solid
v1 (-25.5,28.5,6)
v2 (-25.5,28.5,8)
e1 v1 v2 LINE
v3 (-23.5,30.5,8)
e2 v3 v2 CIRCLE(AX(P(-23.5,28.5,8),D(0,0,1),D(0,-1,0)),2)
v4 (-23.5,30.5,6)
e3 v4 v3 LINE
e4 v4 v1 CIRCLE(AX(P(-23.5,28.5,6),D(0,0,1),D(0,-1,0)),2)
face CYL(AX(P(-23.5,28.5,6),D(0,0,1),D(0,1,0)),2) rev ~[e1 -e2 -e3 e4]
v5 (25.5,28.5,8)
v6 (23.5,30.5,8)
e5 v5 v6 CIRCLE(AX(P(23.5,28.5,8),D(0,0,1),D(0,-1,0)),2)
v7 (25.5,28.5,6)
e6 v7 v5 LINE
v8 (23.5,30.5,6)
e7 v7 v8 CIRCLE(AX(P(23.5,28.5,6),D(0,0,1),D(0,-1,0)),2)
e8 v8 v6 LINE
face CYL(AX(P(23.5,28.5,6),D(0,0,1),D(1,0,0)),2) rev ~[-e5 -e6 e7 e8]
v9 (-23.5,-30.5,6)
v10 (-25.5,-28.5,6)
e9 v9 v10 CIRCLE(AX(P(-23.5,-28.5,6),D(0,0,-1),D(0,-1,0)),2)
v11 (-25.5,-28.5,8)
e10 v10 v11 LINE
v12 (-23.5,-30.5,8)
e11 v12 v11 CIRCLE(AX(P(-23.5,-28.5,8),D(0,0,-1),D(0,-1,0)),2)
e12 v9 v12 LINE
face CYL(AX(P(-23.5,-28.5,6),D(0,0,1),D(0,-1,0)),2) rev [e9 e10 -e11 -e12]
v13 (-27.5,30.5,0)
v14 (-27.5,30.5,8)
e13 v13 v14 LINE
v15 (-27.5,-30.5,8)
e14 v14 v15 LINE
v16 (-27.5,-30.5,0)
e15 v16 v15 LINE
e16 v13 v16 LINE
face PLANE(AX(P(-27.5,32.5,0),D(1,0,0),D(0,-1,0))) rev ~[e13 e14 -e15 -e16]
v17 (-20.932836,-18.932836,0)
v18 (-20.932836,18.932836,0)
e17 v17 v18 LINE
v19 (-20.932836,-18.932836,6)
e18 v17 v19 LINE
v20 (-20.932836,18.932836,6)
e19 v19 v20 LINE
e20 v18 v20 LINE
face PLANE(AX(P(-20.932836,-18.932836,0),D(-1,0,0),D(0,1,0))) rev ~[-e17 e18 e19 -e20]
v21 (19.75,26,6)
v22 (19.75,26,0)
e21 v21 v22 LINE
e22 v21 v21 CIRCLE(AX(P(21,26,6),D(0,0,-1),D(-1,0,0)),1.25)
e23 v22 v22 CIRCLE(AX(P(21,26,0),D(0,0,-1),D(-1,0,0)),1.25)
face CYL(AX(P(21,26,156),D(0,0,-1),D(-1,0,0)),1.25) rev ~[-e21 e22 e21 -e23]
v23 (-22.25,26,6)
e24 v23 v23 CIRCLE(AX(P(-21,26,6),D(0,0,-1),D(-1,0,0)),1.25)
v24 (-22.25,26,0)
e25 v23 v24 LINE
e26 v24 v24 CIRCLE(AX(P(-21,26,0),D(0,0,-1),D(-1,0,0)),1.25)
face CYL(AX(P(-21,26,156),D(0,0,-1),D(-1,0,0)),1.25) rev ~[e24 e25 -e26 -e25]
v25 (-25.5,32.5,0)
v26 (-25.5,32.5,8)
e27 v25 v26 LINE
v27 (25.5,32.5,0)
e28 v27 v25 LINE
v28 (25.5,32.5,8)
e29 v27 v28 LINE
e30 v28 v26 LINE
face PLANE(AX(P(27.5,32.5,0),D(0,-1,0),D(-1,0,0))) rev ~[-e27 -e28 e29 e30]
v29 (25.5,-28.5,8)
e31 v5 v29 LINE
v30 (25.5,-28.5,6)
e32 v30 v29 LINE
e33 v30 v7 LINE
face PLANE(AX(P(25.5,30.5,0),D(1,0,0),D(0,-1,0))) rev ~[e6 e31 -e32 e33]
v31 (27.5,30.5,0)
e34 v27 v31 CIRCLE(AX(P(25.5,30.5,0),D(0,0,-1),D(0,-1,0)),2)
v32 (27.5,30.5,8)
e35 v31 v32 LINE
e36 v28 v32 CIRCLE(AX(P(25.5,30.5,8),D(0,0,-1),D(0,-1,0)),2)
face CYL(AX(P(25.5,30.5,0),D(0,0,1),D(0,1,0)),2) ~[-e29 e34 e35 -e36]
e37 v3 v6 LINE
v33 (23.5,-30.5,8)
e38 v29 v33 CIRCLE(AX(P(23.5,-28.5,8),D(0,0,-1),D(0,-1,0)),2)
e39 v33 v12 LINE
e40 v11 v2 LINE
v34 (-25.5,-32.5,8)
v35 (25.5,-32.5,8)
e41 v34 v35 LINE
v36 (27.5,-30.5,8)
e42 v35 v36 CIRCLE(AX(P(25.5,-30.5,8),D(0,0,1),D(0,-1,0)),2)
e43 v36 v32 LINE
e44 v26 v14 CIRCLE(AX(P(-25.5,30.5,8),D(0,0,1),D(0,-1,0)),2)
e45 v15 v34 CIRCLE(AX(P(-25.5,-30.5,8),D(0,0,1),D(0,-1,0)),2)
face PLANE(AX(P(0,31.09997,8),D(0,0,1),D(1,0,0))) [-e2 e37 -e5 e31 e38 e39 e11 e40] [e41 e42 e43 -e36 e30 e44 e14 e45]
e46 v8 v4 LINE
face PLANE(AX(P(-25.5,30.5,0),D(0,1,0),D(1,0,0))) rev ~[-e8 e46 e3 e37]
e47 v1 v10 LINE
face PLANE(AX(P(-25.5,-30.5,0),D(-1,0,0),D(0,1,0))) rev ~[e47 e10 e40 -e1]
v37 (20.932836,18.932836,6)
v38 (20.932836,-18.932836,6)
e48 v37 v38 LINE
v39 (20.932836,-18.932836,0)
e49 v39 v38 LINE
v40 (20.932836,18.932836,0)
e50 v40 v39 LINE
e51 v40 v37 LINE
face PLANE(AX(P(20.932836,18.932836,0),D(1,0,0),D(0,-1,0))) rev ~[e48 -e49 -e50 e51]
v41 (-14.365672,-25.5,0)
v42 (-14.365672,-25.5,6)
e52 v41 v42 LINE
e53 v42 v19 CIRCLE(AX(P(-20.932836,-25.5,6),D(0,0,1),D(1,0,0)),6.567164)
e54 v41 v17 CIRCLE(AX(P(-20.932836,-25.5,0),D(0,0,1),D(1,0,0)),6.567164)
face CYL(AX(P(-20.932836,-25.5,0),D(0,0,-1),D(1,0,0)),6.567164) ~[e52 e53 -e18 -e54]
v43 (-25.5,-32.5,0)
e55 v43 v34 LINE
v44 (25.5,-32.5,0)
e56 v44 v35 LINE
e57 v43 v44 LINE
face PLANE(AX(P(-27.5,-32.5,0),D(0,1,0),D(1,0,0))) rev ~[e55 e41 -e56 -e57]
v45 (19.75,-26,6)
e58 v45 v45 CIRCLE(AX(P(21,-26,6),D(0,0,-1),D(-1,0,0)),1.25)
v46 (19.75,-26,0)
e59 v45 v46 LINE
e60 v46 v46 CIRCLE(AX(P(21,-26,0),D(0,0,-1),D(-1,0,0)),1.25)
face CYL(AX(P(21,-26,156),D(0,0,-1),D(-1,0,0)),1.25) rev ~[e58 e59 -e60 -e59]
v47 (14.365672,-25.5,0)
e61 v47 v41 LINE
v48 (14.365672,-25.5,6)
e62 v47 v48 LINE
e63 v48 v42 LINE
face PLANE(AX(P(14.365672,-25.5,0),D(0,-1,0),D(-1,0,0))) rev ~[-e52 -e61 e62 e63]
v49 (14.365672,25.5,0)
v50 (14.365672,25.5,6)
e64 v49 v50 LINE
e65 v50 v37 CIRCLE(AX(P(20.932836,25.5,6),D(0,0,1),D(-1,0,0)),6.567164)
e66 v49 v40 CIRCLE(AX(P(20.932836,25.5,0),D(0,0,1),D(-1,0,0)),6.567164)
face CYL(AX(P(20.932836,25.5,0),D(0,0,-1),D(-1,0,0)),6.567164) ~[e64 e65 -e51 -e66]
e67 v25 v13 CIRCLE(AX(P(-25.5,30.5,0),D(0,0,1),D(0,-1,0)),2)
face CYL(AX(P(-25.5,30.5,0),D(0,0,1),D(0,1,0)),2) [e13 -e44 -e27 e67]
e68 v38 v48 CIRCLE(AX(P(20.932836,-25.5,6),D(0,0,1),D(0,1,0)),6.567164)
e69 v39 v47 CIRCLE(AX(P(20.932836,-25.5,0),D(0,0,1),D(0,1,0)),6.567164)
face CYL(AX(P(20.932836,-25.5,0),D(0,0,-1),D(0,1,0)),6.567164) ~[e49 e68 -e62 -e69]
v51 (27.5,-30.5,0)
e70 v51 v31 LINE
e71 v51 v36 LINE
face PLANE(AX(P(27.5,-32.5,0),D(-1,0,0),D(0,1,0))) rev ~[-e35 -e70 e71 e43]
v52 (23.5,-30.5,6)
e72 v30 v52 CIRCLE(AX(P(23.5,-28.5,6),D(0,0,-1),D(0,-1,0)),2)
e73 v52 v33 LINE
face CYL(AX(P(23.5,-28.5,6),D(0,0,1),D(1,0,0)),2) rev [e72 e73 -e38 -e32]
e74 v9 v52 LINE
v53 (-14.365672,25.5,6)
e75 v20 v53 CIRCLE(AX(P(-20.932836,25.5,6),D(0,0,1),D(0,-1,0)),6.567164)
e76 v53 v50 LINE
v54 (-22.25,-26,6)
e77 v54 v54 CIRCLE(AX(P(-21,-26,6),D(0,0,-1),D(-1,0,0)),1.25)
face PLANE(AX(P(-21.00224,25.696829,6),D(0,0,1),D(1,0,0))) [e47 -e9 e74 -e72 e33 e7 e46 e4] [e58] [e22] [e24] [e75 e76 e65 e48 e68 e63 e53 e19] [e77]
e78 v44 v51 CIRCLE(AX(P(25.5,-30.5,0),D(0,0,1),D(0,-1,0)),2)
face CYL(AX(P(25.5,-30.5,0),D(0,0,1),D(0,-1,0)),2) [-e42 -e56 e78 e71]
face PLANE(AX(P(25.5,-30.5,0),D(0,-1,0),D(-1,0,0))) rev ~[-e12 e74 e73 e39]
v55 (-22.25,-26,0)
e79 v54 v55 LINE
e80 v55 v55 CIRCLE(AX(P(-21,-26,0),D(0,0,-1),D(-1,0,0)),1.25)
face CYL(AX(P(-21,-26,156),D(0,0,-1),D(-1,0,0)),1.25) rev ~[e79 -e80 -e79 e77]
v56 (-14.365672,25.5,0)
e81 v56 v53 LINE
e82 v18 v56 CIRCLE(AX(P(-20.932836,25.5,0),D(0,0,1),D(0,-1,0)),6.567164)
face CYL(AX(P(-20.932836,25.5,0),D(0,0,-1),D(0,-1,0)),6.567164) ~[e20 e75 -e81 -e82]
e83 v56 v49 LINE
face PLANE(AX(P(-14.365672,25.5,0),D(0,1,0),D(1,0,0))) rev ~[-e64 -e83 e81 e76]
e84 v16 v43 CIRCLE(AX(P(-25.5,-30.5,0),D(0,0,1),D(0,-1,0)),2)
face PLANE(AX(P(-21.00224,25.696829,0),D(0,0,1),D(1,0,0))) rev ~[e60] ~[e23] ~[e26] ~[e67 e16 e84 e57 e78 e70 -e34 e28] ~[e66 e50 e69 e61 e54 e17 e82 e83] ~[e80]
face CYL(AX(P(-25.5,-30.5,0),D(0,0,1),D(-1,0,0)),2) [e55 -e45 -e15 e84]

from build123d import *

# Parameters (mm, degrees)
F1_DEPTH = 6
F2_DEPTH = 8
F4_D     = 2.5
F4_DEPTH = 150
F4_TIP   = 0.7510757738
F5_R     = 2


with BuildPart() as f1:
    # F0 (on Top) → F1 (new body)
    with BuildSketch(Plane.XY):
        with BuildLine():
            Line((-20.9328360941, 18.9328360941), (-20.9328360941, 25.5))
            Line((-20.9328360941, 25.5), (-14.3656721882, 25.5))
            ThreePointArc((-14.3656721882, 25.5), (-14.9709415927, 28.2538074954), (-16.6751792541, 30.5))
            Line((-16.6751792541, 30.5), (-25.1904929341, 30.5))
            ThreePointArc((-25.1904929341, 30.5), (-25.3474833162, 30.3619473127), (-25.5, 30.2189676438))
            Line((-25.5, 30.2189676438), (-25.5, 20.7810323562))
            ThreePointArc((-25.5, 20.7810323562), (-23.3963100419, 19.4123947339), (-20.9328360941, 18.9328360941))
        make_face()
        with BuildLine():
            Line((-14.3656721882, 25.5), (-20.9328360941, 25.5))
            Line((-20.9328360941, 25.5), (-20.9328360941, 18.9328360941))
            ThreePointArc((-20.9328360941, 18.9328360941), (-16.289149963, 20.856313869), (-14.3656721882, 25.5))
        make_face()
        with BuildLine():
            ThreePointArc((-16.6751792541, 30.5), (-14.9709415927, 28.2538074954), (-14.3656721882, 25.5))
            Line((-14.3656721882, 25.5), (14.3656721882, 25.5))
            ThreePointArc((14.3656721882, 25.5), (14.9709415927, 28.2538074954), (16.6751792541, 30.5))
            Line((16.6751792541, 30.5), (-16.6751792541, 30.5))
        make_face()
        with BuildLine():
            ThreePointArc((16.6751792541, 30.5), (14.9709415927, 28.2538074954), (14.3656721882, 25.5))
            Line((14.3656721882, 25.5), (20.9328360941, 25.5))
            Line((20.9328360941, 25.5), (20.9328360941, 18.9328360941))
            ThreePointArc((20.9328360941, 18.9328360941), (23.3963100419, 19.4123947339), (25.5, 20.7810323562))
            Line((25.5, 20.7810323562), (25.5, 30.2189676438))
            ThreePointArc((25.5, 30.2189676438), (25.3474833162, 30.3619473127), (25.1904929341, 30.5))
            Line((25.1904929341, 30.5), (16.6751792541, 30.5))
        make_face()
        with BuildLine():
            Line((20.9328360941, 25.5), (14.3656721882, 25.5))
            ThreePointArc((14.3656721882, 25.5), (16.289149963, 20.856313869), (20.9328360941, 18.9328360941))
            Line((20.9328360941, 18.9328360941), (20.9328360941, 25.5))
        make_face()
        with BuildLine():
            ThreePointArc((25.5, 20.7810323562), (23.3963100419, 19.4123947339), (20.9328360941, 18.9328360941))
            Line((20.9328360941, 18.9328360941), (20.9328360941, -18.9328360941))
            ThreePointArc((20.9328360941, -18.9328360941), (23.3963100419, -19.4123947339), (25.5, -20.7810323562))
            Line((25.5, -20.7810323562), (25.5, 20.7810323562))
        make_face()
        with BuildLine():
            ThreePointArc((25.5, -20.7810323562), (23.3963100419, -19.4123947339), (20.9328360941, -18.9328360941))
            Line((20.9328360941, -18.9328360941), (20.9328360941, -25.5))
            Line((20.9328360941, -25.5), (14.3656721882, -25.5))
            ThreePointArc((14.3656721882, -25.5), (14.9709415927, -28.2538074954), (16.6751792541, -30.5))
            Line((16.6751792541, -30.5), (25.1904929341, -30.5))
            ThreePointArc((25.1904929341, -30.5), (25.3474833162, -30.3619473127), (25.5, -30.2189676438))
            Line((25.5, -30.2189676438), (25.5, -20.7810323562))
        make_face()
        with BuildLine():
            Line((20.9328360941, -25.5), (20.9328360941, -18.9328360941))
            ThreePointArc((20.9328360941, -18.9328360941), (16.289149963, -20.856313869), (14.3656721882, -25.5))
            Line((14.3656721882, -25.5), (20.9328360941, -25.5))
        make_face()
        with BuildLine():
            Line((-20.9328360941, -25.5), (-20.9328360941, -18.9328360941))
            ThreePointArc((-20.9328360941, -18.9328360941), (-23.3963100419, -19.4123947339), (-25.5, -20.7810323562))
            Line((-25.5, -20.7810323562), (-25.5, -30.2189676438))
            ThreePointArc((-25.5, -30.2189676438), (-25.3474833162, -30.3619473127), (-25.1904929341, -30.5))
            Line((-25.1904929341, -30.5), (-16.6751792541, -30.5))
            ThreePointArc((-16.6751792541, -30.5), (-14.9709415927, -28.2538074954), (-14.3656721882, -25.5))
            Line((-14.3656721882, -25.5), (-20.9328360941, -25.5))
        make_face()
        with BuildLine():
            ThreePointArc((-14.3656721882, -25.5), (-16.289149963, -20.856313869), (-20.9328360941, -18.9328360941))
            Line((-20.9328360941, -18.9328360941), (-20.9328360941, -25.5))
            Line((-20.9328360941, -25.5), (-14.3656721882, -25.5))
        make_face()
        with BuildLine():
            Line((-20.9328360941, -18.9328360941), (-20.9328360941, 18.9328360941))
            ThreePointArc((-20.9328360941, 18.9328360941), (-23.3963100419, 19.4123947339), (-25.5, 20.7810323562))
            Line((-25.5, 20.7810323562), (-25.5, -20.7810323562))
            ThreePointArc((-25.5, -20.7810323562), (-23.3963100419, -19.4123947339), (-20.9328360941, -18.9328360941))
        make_face()
        with BuildLine():
            Line((14.3656721882, -25.5), (-14.3656721882, -25.5))
            ThreePointArc((-14.3656721882, -25.5), (-14.9709415927, -28.2538074954), (-16.6751792541, -30.5))
            Line((-16.6751792541, -30.5), (16.6751792541, -30.5))
            ThreePointArc((16.6751792541, -30.5), (14.9709415927, -28.2538074954), (14.3656721882, -25.5))
        make_face()
        with BuildLine():
            Line((25.5, 30.5), (25.1904929341, 30.5))
            ThreePointArc((25.1904929341, 30.5), (25.3474833162, 30.3619473127), (25.5, 30.2189676438))
            Line((25.5, 30.2189676438), (25.5, 30.5))
        make_face()
        with BuildLine():
            ThreePointArc((-25.5, 30.2189676438), (-25.3474833162, 30.3619473127), (-25.1904929341, 30.5))
            Line((-25.1904929341, 30.5), (-25.5, 30.5))
            Line((-25.5, 30.5), (-25.5, 30.2189676438))
        make_face()
        with BuildLine():
            ThreePointArc((-25.1904929341, -30.5), (-25.3474833162, -30.3619473127), (-25.5, -30.2189676438))
            Line((-25.5, -30.2189676438), (-25.5, -30.5))
            Line((-25.5, -30.5), (-25.1904929341, -30.5))
        make_face()
        with BuildLine():
            Line((25.5, -30.5), (25.5, -30.2189676438))
            ThreePointArc((25.5, -30.2189676438), (25.3474833162, -30.3619473127), (25.1904929341, -30.5))
            Line((25.1904929341, -30.5), (25.5, -30.5))
        make_face()
    extrude(amount=F1_DEPTH)

    # F0 (on Top) → F2 (join)
    with BuildSketch(Plane.XY):
        with BuildLine():
            ThreePointArc((-25.1904929341, 30.5), (-20.9328360941, 32.0671639059), (-16.6751792541, 30.5))
            Line((-16.6751792541, 30.5), (16.6751792541, 30.5))
            ThreePointArc((16.6751792541, 30.5), (20.9328360941, 32.0671639059), (25.1904929341, 30.5))
            Line((25.1904929341, 30.5), (25.5, 30.5))
            Line((25.5, 30.5), (25.5, 30.2189676438))
            ThreePointArc((25.5, 30.2189676438), (26.9793621927, 28.062647831), (27.5, 25.5))
            Line((27.5, 25.5), (27.5, 32.5))
            Line((27.5, 32.5), (-27.5, 32.5))
            Line((-27.5, 32.5), (-27.5, 25.5))
            ThreePointArc((-27.5, 25.5), (-26.9793621927, 28.062647831), (-25.5, 30.2189676438))
            Line((-25.5, 30.2189676438), (-25.5, 30.5))
            Line((-25.5, 30.5), (-25.1904929341, 30.5))
        make_face()
        with BuildLine():
            Line((-25.1904929341, 30.5), (-16.6751792541, 30.5))
            ThreePointArc((-16.6751792541, 30.5), (-20.9328360941, 32.0671639059), (-25.1904929341, 30.5))
        make_face()
        with BuildLine():
            ThreePointArc((-27.5, 25.5), (-26.9793621927, 22.937352169), (-25.5, 20.7810323562))
            Line((-25.5, 20.7810323562), (-25.5, 30.2189676438))
            ThreePointArc((-25.5, 30.2189676438), (-26.9793621927, 28.062647831), (-27.5, 25.5))
        make_face()
        with BuildLine():
            Line((-25.5, -20.7810323562), (-25.5, 20.7810323562))
            ThreePointArc((-25.5, 20.7810323562), (-26.9793621927, 22.937352169), (-27.5, 25.5))
            Line((-27.5, 25.5), (-27.5, -25.5))
            ThreePointArc((-27.5, -25.5), (-26.9793621927, -22.937352169), (-25.5, -20.7810323562))
        make_face()
        with BuildLine():
            Line((-25.5, -30.2189676438), (-25.5, -20.7810323562))
            ThreePointArc((-25.5, -20.7810323562), (-26.9793621927, -22.937352169), (-27.5, -25.5))
            ThreePointArc((-27.5, -25.5), (-26.9793621927, -28.062647831), (-25.5, -30.2189676438))
        make_face()
        with BuildLine():
            Line((16.6751792541, -30.5), (-16.6751792541, -30.5))
            ThreePointArc((-16.6751792541, -30.5), (-20.9328360941, -32.0671639059), (-25.1904929341, -30.5))
            Line((-25.1904929341, -30.5), (-25.5, -30.5))
            Line((-25.5, -30.5), (-25.5, -30.2189676438))
            ThreePointArc((-25.5, -30.2189676438), (-26.9793621927, -28.062647831), (-27.5, -25.5))
            Line((-27.5, -25.5), (-27.5, -32.5))
            Line((-27.5, -32.5), (27.5, -32.5))
            Line((27.5, -32.5), (27.5, -25.5))
            ThreePointArc((27.5, -25.5), (26.9793621927, -28.062647831), (25.5, -30.2189676438))
            Line((25.5, -30.2189676438), (25.5, -30.5))
            Line((25.5, -30.5), (25.1904929341, -30.5))
            ThreePointArc((25.1904929341, -30.5), (20.9328360941, -32.0671639059), (16.6751792541, -30.5))
        make_face()
        with BuildLine():
            ThreePointArc((-25.1904929341, -30.5), (-20.9328360941, -32.0671639059), (-16.6751792541, -30.5))
            Line((-16.6751792541, -30.5), (-25.1904929341, -30.5))
        make_face()
        with BuildLine():
            Line((25.1904929341, -30.5), (16.6751792541, -30.5))
            ThreePointArc((16.6751792541, -30.5), (20.9328360941, -32.0671639059), (25.1904929341, -30.5))
        make_face()
        with BuildLine():
            ThreePointArc((27.5, -25.5), (26.9793621927, -22.937352169), (25.5, -20.7810323562))
            Line((25.5, -20.7810323562), (25.5, -30.2189676438))
            ThreePointArc((25.5, -30.2189676438), (26.9793621927, -28.062647831), (27.5, -25.5))
        make_face()
        with BuildLine():
            ThreePointArc((25.1904929341, 30.5), (20.9328360941, 32.0671639059), (16.6751792541, 30.5))
            Line((16.6751792541, 30.5), (25.1904929341, 30.5))
        make_face()
        with BuildLine():
            Line((25.5, 30.2189676438), (25.5, 20.7810323562))
            ThreePointArc((25.5, 20.7810323562), (26.9793621927, 22.937352169), (27.5, 25.5))
            ThreePointArc((27.5, 25.5), (26.9793621927, 28.062647831), (25.5, 30.2189676438))
        make_face()
        with BuildLine():
            ThreePointArc((27.5, 25.5), (26.9793621927, 22.937352169), (25.5, 20.7810323562))
            Line((25.5, 20.7810323562), (25.5, -20.7810323562))
            ThreePointArc((25.5, -20.7810323562), (26.9793621927, -22.937352169), (27.5, -25.5))
            Line((27.5, -25.5), (27.5, 25.5))
        make_face()
    extrude(amount=F2_DEPTH)

    # F4
    with Locations(Plane.XY.offset(6)):
        with Locations((-21, 26), (21, 26), (21, -26), (-21, -26)):
            Hole(F4_D / 2, depth=F4_DEPTH)
            with Locations((0, 0, -(F4_DEPTH + F4_TIP / 2))):  # 118° drill point
                Cone(0, F4_D / 2, F4_TIP, mode=Mode.SUBTRACT)

    # F5
    f5_edges = [f1.edges().sort_by_distance(p)[0] for p in [
        (25.5, 30.5, 7),
        (25.5, -30.5, 7),
        (-25.5, -30.5, 7),
        (-25.5, 30.5, 7),
        (27.5, 32.5, 4),
        (27.5, -32.5, 4),
        (-27.5, -32.5, 4),
        (-27.5, 32.5, 4),
    ]]
    fillet(f5_edges, radius=F5_R)


solid = f1.part
